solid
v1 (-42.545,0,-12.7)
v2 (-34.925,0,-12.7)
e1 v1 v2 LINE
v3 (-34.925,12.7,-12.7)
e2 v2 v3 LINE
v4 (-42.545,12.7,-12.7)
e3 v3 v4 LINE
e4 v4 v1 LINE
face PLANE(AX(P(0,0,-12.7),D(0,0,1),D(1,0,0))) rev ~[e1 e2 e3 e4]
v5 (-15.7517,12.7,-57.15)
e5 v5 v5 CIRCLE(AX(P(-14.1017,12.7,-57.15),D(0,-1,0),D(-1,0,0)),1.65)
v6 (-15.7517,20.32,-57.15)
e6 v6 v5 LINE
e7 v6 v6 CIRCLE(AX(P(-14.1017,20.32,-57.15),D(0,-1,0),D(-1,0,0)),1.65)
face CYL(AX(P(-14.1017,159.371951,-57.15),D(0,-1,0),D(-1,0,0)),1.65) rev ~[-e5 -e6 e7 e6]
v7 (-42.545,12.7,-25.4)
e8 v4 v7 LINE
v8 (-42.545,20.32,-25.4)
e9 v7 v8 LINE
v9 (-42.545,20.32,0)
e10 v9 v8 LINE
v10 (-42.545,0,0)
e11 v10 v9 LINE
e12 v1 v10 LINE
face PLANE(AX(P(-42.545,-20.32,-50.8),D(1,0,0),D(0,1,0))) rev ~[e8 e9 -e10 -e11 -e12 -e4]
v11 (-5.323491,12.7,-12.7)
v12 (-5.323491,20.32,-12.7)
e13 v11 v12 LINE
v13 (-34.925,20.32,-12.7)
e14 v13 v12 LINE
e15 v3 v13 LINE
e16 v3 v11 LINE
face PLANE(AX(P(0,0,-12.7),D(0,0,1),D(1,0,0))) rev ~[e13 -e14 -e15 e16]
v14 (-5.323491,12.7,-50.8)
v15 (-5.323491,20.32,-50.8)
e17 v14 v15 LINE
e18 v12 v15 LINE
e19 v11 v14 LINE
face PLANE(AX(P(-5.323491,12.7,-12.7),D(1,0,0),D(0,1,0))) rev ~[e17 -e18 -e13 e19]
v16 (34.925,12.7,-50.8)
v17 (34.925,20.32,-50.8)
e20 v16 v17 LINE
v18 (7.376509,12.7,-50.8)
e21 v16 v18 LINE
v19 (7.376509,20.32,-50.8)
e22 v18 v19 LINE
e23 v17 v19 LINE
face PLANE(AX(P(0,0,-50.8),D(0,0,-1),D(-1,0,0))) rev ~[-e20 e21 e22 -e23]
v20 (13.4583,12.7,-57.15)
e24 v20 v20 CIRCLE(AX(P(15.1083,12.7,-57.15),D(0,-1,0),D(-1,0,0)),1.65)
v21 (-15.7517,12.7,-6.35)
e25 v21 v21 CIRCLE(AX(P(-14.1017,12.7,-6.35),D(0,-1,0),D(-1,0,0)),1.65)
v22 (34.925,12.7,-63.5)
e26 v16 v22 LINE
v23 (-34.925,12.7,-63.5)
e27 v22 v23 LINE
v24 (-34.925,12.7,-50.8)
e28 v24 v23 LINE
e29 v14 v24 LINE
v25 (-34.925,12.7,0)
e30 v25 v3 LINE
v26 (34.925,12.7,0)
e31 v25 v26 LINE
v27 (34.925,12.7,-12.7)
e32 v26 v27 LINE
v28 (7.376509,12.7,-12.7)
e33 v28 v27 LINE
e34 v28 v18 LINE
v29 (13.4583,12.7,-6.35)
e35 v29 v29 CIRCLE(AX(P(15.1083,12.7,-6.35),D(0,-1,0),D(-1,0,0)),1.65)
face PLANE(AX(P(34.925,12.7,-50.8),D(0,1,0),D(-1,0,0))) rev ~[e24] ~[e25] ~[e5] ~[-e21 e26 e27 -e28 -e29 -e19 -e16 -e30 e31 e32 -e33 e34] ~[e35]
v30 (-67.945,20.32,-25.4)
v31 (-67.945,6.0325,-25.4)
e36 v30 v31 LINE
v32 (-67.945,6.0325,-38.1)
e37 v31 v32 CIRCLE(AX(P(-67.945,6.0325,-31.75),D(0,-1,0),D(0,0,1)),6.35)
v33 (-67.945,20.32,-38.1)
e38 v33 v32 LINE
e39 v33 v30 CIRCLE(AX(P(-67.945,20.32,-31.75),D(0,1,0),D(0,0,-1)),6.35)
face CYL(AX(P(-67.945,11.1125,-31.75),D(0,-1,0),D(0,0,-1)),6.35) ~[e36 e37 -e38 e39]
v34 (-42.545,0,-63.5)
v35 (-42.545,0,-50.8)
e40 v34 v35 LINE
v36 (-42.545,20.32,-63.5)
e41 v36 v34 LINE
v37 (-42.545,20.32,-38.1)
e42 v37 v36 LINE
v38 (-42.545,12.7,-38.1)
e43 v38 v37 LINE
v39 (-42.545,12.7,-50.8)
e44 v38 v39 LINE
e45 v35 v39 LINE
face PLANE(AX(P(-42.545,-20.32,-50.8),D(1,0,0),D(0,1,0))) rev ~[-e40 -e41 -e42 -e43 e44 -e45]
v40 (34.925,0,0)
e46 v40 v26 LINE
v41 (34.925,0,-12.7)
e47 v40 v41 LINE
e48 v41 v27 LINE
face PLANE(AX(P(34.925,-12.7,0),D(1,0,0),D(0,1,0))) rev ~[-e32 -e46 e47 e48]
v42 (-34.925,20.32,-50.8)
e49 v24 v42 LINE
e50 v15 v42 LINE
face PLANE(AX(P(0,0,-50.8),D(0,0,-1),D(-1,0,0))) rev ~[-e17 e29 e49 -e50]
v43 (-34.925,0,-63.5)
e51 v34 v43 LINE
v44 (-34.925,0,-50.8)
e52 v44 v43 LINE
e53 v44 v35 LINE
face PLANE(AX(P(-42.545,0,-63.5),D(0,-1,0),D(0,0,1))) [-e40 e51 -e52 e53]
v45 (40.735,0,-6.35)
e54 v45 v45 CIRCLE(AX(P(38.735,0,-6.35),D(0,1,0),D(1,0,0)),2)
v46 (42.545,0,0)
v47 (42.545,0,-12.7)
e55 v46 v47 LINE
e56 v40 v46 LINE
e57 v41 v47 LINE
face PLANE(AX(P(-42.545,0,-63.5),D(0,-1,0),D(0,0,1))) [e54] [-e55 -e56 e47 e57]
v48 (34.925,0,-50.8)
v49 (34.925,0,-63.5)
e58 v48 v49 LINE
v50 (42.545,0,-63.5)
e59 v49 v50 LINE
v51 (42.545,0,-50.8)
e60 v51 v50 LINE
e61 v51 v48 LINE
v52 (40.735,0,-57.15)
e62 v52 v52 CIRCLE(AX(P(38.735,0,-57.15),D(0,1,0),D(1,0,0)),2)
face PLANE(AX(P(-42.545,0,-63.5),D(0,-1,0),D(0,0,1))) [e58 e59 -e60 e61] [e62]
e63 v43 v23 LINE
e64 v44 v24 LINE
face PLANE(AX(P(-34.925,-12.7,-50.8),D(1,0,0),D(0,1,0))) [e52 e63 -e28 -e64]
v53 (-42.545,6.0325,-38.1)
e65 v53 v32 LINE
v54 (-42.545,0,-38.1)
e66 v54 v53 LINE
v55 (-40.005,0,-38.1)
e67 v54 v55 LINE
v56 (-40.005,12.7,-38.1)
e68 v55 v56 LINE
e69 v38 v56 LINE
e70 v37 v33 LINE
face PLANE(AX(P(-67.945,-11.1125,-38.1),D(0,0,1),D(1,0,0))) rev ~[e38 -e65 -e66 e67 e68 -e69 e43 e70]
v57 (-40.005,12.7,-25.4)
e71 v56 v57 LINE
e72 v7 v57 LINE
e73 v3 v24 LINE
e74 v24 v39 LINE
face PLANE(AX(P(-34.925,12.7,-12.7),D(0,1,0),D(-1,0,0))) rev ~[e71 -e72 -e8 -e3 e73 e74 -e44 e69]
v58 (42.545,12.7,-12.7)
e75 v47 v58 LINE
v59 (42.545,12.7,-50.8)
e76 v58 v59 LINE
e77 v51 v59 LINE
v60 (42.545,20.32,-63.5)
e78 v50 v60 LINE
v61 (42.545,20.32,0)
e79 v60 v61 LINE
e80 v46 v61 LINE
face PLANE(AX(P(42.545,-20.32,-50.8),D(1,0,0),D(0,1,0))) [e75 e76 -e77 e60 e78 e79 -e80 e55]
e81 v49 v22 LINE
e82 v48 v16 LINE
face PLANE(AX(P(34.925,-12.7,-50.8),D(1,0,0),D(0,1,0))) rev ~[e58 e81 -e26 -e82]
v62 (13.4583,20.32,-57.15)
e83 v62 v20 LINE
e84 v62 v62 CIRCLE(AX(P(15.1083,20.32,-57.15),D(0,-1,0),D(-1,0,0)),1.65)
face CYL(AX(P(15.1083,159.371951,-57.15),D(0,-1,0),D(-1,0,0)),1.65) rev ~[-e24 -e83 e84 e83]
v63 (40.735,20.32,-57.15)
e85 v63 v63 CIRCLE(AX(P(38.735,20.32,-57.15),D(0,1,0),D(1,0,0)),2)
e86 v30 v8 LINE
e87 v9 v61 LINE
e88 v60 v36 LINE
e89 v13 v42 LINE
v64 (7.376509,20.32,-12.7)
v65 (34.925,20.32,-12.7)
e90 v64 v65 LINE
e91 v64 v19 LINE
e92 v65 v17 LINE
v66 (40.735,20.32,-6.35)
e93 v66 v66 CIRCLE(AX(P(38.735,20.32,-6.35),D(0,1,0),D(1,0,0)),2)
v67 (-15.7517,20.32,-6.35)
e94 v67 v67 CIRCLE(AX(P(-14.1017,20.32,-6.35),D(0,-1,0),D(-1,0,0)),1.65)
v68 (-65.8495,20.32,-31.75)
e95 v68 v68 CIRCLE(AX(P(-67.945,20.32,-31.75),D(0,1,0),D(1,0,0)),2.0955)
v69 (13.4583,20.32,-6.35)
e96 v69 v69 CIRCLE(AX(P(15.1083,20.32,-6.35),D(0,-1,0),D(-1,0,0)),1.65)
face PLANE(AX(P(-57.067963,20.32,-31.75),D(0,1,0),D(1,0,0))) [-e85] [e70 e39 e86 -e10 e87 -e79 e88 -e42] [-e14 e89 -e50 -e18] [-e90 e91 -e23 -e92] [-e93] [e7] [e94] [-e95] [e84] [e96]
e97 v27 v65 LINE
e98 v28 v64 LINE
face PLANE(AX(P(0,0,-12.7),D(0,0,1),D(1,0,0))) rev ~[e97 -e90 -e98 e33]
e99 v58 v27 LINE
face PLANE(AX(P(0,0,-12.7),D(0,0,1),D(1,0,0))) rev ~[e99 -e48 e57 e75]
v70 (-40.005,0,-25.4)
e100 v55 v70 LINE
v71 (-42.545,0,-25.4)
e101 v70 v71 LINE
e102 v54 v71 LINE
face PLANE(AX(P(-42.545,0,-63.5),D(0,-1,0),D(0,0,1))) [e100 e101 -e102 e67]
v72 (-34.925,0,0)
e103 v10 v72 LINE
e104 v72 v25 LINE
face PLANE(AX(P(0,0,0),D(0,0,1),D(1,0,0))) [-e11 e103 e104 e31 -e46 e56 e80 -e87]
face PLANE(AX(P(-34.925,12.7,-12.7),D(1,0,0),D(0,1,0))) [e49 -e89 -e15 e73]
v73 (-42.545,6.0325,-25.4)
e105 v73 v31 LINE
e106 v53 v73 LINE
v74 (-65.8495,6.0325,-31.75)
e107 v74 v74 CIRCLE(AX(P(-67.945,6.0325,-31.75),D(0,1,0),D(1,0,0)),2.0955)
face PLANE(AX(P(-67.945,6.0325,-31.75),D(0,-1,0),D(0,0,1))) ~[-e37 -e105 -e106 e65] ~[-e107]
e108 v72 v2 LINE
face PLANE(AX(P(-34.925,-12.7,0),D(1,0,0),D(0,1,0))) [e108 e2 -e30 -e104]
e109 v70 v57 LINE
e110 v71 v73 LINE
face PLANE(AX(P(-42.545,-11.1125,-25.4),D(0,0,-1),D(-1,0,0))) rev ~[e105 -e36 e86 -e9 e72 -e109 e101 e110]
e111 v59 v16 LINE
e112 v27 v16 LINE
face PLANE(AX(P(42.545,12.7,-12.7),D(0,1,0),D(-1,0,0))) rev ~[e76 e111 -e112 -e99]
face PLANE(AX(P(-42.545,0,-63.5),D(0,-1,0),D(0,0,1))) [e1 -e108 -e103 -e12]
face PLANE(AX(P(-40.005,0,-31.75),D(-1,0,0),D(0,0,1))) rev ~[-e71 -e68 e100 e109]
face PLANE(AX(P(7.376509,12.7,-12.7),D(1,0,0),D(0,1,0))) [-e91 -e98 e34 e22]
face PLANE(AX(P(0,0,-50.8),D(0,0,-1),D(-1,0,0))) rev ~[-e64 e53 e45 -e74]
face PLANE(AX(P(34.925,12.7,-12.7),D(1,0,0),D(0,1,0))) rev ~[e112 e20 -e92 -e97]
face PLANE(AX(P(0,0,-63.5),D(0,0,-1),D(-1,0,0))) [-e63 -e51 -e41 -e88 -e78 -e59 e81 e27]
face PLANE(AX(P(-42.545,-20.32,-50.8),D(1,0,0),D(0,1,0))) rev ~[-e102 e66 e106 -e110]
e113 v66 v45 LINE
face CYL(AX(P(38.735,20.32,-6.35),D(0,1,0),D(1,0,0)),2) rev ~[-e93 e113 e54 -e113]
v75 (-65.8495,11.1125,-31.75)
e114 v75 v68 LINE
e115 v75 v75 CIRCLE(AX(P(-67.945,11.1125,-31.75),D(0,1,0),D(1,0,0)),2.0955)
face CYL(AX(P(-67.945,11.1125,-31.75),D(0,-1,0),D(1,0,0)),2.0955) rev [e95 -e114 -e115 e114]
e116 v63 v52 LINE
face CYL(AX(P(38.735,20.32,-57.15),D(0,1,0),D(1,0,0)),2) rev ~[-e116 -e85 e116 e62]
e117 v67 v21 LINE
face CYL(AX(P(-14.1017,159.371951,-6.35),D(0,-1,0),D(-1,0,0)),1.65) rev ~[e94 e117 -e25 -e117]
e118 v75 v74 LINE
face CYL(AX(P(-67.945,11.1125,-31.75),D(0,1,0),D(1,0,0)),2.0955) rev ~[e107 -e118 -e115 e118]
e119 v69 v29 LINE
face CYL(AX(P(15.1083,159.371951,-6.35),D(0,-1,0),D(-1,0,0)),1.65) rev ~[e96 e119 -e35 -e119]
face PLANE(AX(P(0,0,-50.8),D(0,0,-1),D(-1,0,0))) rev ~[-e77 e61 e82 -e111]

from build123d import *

# Parameters (mm, degrees)
SKETCH1_W               = 85.09
SKETCH1_H               = 40.64
SKETCH1_W_2             = 69.85
SKETCH1_H_2             = 25.4
BOSS_EXTRUDE1_DEPTH     = 12.7
SKETCH2_W               = 7.62
SKETCH2_H               = 7.62
SKETCH2_W_2             = 12.7
BOSS_EXTRUDE2_DEPTH     = 38.1
SKETCH4_W               = 85.09
SKETCH4_H               = 40.64
SKETCH4_W_2             = 69.85
SKETCH4_H_2             = 25.4
BOSS_EXTRUDE3_DEPTH     = 12.7
SKETCH6_W               = 12.7
SKETCH6_H               = 40.64
BOSS_EXTRUDE4_DEPTH     = 2.54
SKETCH7_W               = 12.7
SKETCH7_H               = 5.08
BOSS_EXTRUDE5_DEPTH     = 25.4
SKETCH8_W               = 6.35
SKETCH8_H               = 5.08
REVOLVE2_ANGLE          = 180
SKETCH10_R              = 2.0955
CUT_EXTRUDE4_DEPTH      = 32.4325
M4X0_7_TAPPED_HOLE1_D   = 3.3
SKETCH17_R              = 2.0955
BOSS_EXTRUDE6_DEPTH     = 9.2075
SKETCH18_R              = 2.0955
BOSS_EXTRUDE7_DEPTH     = 6.35
SKETCH24_W              = 63.5
SKETCH24_H              = 20.32
CUT_EXTRUDE9_DEPTH      = 32.75
CUT_EXTRUDE9_DEPTH_BACK = 86.09
CUT_EXTRUDE10_REACH     = 22.32
SKETCH25_R              = 2


with BuildPart() as part:
    # Sketch1 → Boss-Extrude1 (new body)
    with BuildSketch(Plane.XY):
        Rectangle(SKETCH1_W, SKETCH1_H)
        Rectangle(SKETCH1_W_2, SKETCH1_H_2, mode=Mode.SUBTRACT)
    extrude(amount=-BOSS_EXTRUDE1_DEPTH)

    # Sketch2 → Boss-Extrude2 (add)
    with BuildSketch(Plane(origin=(0, 0, -12.7), x_dir=(-1, 0, 0), z_dir=(0, 0, -1))):
        with Locations((-38.735, 16.51)):
            Rectangle(SKETCH2_W, SKETCH2_H)
        with Locations((-1.026508909, 16.51)):
            Rectangle(SKETCH2_W_2, SKETCH2_H)
        with Locations((38.735, 16.51)):
            Rectangle(SKETCH2_W, SKETCH2_H)
        with Locations((38.735, -16.51)):
            Rectangle(SKETCH2_W, SKETCH2_H)
        with Locations((-1.026508909, -16.51)):
            Rectangle(SKETCH2_W_2, SKETCH2_H)
        with Locations((-38.735, -16.51)):
            Rectangle(SKETCH2_W, SKETCH2_H)
    extrude(amount=BOSS_EXTRUDE2_DEPTH)

    # Sketch4 → Boss-Extrude3 (add)
    with BuildSketch(Plane(origin=(0, 0, -50.8), x_dir=(-1, 0, 0), z_dir=(0, 0, -1))):
        Rectangle(SKETCH4_W, SKETCH4_H)
        Rectangle(SKETCH4_W_2, SKETCH4_H_2, mode=Mode.SUBTRACT)
    extrude(amount=BOSS_EXTRUDE3_DEPTH)

    # Sketch6 → Boss-Extrude4 (add)
    with BuildSketch(Plane.ZY.offset(42.545)):
        with Locations((-31.75, 0)):
            Rectangle(SKETCH6_W, SKETCH6_H)
    extrude(amount=-BOSS_EXTRUDE4_DEPTH)

    # Sketch7 → Boss-Extrude5 (add)
    with BuildSketch(Plane.ZY.offset(42.545)):
        with Locations((-31.75, 8.5725)):
            Rectangle(SKETCH7_W, SKETCH7_H)
        with Locations((-31.75, -8.5725)):
            Rectangle(SKETCH7_W, SKETCH7_H)
    extrude(amount=BOSS_EXTRUDE5_DEPTH)

    # Sketch8 → Revolve2 (revolve)
    with BuildSketch(Plane.ZY.offset(67.945)):
        with Locations((-28.575, 8.5725)):
            Rectangle(SKETCH8_W, SKETCH8_H)
        with Locations((-28.575, -8.5725)):
            Rectangle(SKETCH8_W, SKETCH8_H)
    revolve(axis=Axis((-67.945, 11.1125, -31.75), (0, -1, 0)), revolution_arc=REVOLVE2_ANGLE)

    # Sketch10 → Cut-Extrude4 (cut, through all)
    with BuildSketch(Plane(origin=(0, 11.1125, 0), x_dir=(1, 0, 0), z_dir=(0, 1, 0))):
        with Locations((-67.945, 31.75)):
            Circle(SKETCH10_R)
    extrude(amount=-CUT_EXTRUDE4_DEPTH, mode=Mode.SUBTRACT)

    # M4x0.7 Tapped Hole1 (through all)
    with Locations(Plane(origin=(0, 20.32, 0), x_dir=(1, 0, 0), z_dir=(0, 1, 0))):
        with Locations((-14.101699785, 57.15), (15.108300215, 57.15), (15.108300215, 6.35), (-14.101699785, 6.35)):
            Hole(M4X0_7_TAPPED_HOLE1_D / 2)

    # Sketch17 → Boss-Extrude6 (add)
    with BuildSketch(Plane(origin=(0, 11.1125, 0), x_dir=(1, 0, 0), z_dir=(0, 1, 0))):
        with BuildLine():
            Line((-67.945, 25.4), (-42.545, 25.4))
            Line((-42.545, 25.4), (-42.545, 38.1))
            Line((-42.545, 38.1), (-67.945, 38.1))
            ThreePointArc((-67.945, 38.1), (-74.295, 31.75), (-67.945, 25.4))
        make_face()
        with Locations((-67.945, 31.75)):
            Circle(SKETCH17_R, mode=Mode.SUBTRACT)
    extrude(amount=BOSS_EXTRUDE6_DEPTH)

    # Sketch18 → Boss-Extrude7 (add)
    with BuildSketch(Plane.XZ.offset(11.1125)):
        with BuildLine():
            Line((-42.545, -38.1), (-42.545, -25.4))
            Line((-42.545, -25.4), (-67.945, -25.4))
            ThreePointArc((-67.945, -25.4), (-74.295, -31.75), (-67.945, -38.1))
            Line((-67.945, -38.1), (-42.545, -38.1))
        make_face()
        with Locations((-67.945, -31.75)):
            Circle(SKETCH18_R, mode=Mode.SUBTRACT)
    extrude(amount=BOSS_EXTRUDE7_DEPTH)

    # Sketch24 → Cut-Extrude9 (cut, two sides)
    with BuildSketch(Plane.ZY.offset(42.545)) as cut_extrude9_sk:
        with Locations((-31.75, -10.16)):
            Rectangle(SKETCH24_W, SKETCH24_H)
    extrude(amount=CUT_EXTRUDE9_DEPTH, mode=Mode.SUBTRACT)
    extrude(cut_extrude9_sk.sketch, amount=-CUT_EXTRUDE9_DEPTH_BACK, mode=Mode.SUBTRACT)

    # Sketch25 → Cut-Extrude10 (cut, up to next)
    with BuildSketch(Plane(origin=(0, 20.32, 0), x_dir=(1, 0, 0), z_dir=(0, 1, 0)), mode=Mode.PRIVATE) as cut_extrude10_sk1:
        with Locations((38.735, 57.15)):
            Circle(SKETCH25_R)
    cut_extrude10_tool1 = extrude(cut_extrude10_sk1.sketch, amount=-CUT_EXTRUDE10_REACH, mode=Mode.PRIVATE) & part.part
    add(cut_extrude10_tool1.solids().sort_by_distance((38.735, 20.32, -57.15))[0], mode=Mode.SUBTRACT)
    # Sketch25 → Cut-Extrude10 (cut, up to next)
    with BuildSketch(Plane(origin=(0, 20.32, 0), x_dir=(1, 0, 0), z_dir=(0, 1, 0)), mode=Mode.PRIVATE) as cut_extrude10_sk2:
        with Locations((38.735, 6.35)):
            Circle(SKETCH25_R)
    cut_extrude10_tool2 = extrude(cut_extrude10_sk2.sketch, amount=-CUT_EXTRUDE10_REACH, mode=Mode.PRIVATE) & part.part
    add(cut_extrude10_tool2.solids().sort_by_distance((38.735, 20.32, -6.35))[0], mode=Mode.SUBTRACT)


solid = part.part
